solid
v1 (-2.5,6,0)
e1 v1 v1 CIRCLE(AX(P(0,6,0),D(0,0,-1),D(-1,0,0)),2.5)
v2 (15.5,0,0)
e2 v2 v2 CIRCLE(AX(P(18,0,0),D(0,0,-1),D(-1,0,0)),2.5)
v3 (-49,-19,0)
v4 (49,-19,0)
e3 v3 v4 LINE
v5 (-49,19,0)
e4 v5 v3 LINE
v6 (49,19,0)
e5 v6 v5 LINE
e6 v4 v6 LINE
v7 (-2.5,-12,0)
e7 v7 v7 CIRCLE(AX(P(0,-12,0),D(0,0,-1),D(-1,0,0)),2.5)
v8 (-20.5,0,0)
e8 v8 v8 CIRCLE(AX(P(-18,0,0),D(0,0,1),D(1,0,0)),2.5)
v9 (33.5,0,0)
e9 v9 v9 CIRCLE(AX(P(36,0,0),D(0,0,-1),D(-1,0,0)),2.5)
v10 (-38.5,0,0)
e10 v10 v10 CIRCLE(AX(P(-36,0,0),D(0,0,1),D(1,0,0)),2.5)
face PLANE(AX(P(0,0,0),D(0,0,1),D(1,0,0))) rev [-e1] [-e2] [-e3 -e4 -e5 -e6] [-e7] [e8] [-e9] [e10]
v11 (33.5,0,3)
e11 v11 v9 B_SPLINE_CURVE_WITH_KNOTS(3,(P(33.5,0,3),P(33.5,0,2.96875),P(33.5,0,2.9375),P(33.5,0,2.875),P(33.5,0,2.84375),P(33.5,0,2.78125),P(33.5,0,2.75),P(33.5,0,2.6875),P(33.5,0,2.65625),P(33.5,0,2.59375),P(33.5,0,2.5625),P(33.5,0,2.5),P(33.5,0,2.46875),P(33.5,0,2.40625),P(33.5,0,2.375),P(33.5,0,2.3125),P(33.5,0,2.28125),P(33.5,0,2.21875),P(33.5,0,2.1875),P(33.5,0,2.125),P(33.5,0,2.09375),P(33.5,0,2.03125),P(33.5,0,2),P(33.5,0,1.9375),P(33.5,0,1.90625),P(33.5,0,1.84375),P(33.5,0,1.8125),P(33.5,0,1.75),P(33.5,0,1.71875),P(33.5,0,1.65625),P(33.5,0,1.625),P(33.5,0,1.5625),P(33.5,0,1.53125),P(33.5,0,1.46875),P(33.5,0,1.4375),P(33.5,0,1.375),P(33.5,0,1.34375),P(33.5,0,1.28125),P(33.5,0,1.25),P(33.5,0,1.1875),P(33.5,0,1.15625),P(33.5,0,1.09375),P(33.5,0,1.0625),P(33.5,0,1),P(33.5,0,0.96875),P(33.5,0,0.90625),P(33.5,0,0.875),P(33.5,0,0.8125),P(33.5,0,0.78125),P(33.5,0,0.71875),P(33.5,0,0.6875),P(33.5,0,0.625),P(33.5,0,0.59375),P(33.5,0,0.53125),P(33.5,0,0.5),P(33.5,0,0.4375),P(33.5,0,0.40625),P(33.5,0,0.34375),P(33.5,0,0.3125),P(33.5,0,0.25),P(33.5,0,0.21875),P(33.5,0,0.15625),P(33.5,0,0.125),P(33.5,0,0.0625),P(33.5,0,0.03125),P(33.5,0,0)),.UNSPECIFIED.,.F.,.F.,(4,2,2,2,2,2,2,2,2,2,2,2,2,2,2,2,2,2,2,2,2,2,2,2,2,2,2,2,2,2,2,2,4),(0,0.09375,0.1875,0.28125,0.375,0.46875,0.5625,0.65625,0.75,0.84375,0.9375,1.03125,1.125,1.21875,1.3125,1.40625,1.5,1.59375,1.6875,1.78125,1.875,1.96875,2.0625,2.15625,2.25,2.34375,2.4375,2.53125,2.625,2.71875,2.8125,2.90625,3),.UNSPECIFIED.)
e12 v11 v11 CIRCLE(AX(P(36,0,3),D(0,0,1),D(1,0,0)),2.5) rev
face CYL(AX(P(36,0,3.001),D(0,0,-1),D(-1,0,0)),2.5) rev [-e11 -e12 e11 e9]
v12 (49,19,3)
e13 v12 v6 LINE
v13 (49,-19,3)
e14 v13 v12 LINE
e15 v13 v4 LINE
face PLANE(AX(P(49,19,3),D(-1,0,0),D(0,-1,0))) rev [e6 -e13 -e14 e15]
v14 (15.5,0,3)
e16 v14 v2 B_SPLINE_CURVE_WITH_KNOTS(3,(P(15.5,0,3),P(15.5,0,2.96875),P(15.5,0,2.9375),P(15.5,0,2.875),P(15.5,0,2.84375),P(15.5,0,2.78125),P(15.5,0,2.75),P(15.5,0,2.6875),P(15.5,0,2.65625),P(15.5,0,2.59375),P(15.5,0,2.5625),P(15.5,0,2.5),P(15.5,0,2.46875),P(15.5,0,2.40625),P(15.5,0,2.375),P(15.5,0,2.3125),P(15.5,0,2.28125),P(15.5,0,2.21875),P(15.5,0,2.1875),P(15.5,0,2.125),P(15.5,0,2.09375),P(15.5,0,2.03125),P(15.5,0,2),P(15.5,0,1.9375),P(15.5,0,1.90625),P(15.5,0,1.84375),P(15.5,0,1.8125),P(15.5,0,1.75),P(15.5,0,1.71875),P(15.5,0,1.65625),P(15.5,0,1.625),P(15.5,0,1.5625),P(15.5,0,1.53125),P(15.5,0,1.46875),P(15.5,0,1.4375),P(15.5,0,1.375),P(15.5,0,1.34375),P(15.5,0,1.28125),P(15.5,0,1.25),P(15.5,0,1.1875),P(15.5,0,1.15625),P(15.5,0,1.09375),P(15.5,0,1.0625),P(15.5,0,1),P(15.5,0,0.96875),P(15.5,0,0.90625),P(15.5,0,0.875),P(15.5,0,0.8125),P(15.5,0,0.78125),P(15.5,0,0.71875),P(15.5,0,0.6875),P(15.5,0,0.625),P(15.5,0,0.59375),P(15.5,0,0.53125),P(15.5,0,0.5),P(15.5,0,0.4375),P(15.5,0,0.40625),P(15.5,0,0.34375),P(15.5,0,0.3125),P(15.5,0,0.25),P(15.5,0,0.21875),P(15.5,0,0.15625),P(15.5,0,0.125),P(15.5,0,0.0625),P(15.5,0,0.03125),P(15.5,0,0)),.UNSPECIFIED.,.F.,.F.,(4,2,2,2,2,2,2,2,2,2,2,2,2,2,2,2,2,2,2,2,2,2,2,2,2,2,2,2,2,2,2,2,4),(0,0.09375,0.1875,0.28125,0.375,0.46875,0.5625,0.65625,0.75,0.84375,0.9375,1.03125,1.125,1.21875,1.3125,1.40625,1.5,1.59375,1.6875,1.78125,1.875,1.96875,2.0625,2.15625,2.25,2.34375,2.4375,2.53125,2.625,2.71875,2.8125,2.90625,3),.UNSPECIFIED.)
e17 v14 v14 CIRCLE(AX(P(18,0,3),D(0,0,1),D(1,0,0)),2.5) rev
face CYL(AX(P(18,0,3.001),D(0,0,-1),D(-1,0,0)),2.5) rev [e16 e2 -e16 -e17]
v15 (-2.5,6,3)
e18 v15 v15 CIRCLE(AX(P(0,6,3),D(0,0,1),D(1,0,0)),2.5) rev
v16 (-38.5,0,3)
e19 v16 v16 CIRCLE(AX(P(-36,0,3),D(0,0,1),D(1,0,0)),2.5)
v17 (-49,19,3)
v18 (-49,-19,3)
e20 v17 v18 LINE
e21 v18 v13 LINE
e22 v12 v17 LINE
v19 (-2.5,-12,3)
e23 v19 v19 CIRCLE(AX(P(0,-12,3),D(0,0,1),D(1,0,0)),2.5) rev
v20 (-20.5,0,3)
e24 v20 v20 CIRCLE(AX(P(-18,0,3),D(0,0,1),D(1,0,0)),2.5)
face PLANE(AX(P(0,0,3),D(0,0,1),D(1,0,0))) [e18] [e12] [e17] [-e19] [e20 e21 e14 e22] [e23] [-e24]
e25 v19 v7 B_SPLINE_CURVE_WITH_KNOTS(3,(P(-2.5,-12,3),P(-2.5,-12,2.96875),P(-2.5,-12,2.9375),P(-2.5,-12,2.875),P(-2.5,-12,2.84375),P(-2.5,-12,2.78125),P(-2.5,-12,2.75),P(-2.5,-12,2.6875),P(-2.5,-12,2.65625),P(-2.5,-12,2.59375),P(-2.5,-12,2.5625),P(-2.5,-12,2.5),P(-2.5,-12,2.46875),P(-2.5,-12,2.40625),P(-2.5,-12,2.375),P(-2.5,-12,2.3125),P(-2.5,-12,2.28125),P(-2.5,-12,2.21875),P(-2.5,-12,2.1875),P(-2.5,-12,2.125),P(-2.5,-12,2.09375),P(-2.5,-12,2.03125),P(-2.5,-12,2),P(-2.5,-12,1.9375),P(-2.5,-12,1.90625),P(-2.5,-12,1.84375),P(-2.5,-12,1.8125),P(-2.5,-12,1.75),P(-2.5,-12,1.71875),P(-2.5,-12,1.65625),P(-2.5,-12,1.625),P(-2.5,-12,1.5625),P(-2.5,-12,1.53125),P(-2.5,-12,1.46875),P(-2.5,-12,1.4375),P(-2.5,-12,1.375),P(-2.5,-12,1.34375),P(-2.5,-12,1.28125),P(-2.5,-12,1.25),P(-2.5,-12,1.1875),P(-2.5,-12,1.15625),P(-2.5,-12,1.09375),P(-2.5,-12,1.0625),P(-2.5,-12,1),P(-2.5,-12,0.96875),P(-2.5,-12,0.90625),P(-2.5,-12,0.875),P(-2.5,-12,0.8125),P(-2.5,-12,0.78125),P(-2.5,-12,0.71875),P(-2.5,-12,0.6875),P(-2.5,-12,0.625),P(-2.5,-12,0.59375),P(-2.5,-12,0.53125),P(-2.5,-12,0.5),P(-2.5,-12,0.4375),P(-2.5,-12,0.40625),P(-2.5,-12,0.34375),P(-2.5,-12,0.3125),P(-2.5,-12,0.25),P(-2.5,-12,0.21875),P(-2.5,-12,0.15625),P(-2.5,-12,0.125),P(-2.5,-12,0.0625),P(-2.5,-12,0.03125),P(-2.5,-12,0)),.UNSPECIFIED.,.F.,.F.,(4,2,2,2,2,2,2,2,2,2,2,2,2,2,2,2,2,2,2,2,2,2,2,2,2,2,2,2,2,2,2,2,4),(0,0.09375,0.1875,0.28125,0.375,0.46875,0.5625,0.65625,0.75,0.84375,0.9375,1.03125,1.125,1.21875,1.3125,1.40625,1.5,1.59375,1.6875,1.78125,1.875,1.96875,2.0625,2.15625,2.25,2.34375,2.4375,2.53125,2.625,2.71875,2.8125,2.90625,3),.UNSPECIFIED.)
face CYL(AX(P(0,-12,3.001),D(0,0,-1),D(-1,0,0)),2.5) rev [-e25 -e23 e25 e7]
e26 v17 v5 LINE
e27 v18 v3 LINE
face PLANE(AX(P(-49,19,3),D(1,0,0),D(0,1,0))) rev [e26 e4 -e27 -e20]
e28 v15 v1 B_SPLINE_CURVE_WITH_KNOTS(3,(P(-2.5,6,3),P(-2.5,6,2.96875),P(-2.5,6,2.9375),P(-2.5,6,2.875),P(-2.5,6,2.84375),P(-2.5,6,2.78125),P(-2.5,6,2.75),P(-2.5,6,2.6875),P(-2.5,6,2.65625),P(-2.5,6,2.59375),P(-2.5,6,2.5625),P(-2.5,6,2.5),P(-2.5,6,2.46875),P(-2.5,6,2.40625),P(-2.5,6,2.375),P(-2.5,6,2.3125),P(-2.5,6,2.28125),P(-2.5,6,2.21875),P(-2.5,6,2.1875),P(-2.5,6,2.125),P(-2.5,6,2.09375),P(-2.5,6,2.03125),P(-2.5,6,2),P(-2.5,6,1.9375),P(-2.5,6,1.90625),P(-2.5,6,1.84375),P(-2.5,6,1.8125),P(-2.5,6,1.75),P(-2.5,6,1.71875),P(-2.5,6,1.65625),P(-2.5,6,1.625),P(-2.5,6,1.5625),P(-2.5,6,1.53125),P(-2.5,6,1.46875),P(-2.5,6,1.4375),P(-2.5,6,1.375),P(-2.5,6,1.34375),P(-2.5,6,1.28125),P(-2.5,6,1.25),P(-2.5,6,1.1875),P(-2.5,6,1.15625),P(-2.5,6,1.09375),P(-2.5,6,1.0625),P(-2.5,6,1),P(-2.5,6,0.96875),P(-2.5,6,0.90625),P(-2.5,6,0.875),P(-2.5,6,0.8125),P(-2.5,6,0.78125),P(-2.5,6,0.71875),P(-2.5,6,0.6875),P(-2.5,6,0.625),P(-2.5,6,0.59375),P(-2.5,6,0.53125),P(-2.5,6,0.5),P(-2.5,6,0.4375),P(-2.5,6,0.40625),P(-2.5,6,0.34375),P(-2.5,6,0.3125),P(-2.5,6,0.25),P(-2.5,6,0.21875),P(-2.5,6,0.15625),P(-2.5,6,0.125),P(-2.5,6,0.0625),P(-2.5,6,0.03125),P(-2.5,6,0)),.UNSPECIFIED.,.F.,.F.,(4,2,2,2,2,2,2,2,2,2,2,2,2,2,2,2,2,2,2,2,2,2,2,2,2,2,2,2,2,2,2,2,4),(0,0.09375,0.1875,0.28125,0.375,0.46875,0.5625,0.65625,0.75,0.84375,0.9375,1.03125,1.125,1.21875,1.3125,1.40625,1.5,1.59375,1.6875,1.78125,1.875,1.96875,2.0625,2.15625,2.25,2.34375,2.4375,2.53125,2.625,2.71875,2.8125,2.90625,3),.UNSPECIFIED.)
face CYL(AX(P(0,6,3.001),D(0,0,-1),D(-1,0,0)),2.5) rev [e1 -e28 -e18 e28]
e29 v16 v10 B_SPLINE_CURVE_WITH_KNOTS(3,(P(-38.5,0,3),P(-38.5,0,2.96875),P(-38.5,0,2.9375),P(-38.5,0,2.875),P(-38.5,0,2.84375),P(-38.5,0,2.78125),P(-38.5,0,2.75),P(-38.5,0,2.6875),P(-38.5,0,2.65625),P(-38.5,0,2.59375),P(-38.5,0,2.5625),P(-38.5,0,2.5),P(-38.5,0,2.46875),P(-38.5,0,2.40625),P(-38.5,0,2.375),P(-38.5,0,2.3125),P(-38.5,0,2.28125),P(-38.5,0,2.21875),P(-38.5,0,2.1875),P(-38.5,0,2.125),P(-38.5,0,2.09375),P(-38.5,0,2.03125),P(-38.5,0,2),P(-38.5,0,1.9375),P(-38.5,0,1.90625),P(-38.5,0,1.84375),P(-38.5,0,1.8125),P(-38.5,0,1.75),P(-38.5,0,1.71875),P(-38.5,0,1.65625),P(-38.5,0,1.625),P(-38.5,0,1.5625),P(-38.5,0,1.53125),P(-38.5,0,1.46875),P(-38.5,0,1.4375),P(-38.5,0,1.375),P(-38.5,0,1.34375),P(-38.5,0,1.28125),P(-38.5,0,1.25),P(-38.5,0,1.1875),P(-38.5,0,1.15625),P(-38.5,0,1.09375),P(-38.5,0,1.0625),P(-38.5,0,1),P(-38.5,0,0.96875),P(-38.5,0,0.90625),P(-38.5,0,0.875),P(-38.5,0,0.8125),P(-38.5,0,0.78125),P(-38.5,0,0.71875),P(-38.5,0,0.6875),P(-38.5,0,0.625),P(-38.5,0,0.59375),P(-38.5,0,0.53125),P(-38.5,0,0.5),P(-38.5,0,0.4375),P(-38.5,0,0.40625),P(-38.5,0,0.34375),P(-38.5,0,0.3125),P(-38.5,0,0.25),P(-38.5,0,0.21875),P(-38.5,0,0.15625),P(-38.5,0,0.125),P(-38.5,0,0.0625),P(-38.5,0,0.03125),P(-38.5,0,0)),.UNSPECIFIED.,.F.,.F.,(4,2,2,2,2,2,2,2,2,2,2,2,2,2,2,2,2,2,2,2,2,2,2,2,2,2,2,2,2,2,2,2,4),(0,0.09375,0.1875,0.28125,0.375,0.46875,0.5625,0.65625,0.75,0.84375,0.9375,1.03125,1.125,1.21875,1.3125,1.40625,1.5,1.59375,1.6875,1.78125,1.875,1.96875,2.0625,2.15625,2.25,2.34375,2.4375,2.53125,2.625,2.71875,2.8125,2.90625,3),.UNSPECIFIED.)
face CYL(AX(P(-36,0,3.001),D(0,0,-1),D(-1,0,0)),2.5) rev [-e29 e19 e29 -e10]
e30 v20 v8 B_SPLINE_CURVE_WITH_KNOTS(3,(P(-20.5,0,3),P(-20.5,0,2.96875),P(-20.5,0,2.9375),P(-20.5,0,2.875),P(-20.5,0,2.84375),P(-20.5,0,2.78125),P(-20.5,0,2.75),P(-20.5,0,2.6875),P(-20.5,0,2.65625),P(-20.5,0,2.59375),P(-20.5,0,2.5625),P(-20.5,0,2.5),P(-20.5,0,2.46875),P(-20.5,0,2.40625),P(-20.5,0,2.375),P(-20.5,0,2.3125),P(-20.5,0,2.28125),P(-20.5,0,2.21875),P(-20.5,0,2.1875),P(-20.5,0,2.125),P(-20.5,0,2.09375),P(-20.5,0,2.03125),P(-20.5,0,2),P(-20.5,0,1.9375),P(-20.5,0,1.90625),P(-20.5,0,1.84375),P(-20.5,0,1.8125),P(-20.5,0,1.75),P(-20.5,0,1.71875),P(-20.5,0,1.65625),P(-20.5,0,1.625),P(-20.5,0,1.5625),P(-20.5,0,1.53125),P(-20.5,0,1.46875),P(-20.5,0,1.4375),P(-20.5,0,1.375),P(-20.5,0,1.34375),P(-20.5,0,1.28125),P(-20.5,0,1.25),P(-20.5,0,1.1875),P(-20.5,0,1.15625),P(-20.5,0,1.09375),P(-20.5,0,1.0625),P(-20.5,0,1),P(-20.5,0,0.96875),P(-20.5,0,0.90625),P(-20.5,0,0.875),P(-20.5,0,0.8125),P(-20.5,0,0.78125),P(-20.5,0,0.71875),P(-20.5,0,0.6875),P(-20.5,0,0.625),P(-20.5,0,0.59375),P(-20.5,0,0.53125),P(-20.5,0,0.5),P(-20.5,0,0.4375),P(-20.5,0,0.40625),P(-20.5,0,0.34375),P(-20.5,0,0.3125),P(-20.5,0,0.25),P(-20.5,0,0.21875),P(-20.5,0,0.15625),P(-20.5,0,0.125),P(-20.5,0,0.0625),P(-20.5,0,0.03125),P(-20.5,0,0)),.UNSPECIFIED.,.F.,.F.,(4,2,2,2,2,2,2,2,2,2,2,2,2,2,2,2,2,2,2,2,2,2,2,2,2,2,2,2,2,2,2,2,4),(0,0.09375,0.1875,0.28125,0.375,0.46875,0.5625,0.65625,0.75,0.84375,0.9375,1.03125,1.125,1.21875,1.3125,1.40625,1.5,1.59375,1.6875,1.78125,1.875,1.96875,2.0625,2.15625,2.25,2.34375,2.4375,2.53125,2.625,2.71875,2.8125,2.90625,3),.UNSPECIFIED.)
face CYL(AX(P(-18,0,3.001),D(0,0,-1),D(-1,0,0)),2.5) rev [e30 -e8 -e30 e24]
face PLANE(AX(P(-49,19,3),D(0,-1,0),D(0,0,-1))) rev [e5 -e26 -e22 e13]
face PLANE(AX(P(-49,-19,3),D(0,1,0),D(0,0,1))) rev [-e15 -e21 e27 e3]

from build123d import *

# Parameters (mm, degrees)
SKETCH_1_W          = 98
SKETCH_1_H          = 38
EXTRUDE_1_DEPTH     = 3
CUT_EXTRUDE_1_REACH = 54.64
SKETCH_2_R          = 2.5
CUT_EXTRUDE_2_REACH = 54.64
SKETCH_3_R          = 2.5


with BuildPart() as part:
    # 草圖1 → 填料-伸長1 (new body)
    with BuildSketch(Plane.XY):
        Rectangle(SKETCH_1_W, SKETCH_1_H)
    extrude(amount=EXTRUDE_1_DEPTH)

    # 草圖2 → 除料-伸長1 (cut, up to next)
    with BuildSketch(Plane(origin=(0, 0, 0), x_dir=(-1, 0, 0), z_dir=(0, 0, -1)), mode=Mode.PRIVATE) as cut_extrude_1_sk1:
        with Locations((-36, 0)):
            Circle(SKETCH_2_R)
    cut_extrude_1_tool1 = extrude(cut_extrude_1_sk1.sketch, amount=-CUT_EXTRUDE_1_REACH, mode=Mode.PRIVATE) & part.part
    # 草圖2 → 除料-伸長1 (cut, up to next)
    with BuildSketch(Plane(origin=(0, 0, 0), x_dir=(-1, 0, 0), z_dir=(0, 0, -1)), mode=Mode.PRIVATE) as cut_extrude_1_sk2:
        with Locations((-18, 0)):
            Circle(SKETCH_2_R)
    cut_extrude_1_tool2 = extrude(cut_extrude_1_sk2.sketch, amount=-CUT_EXTRUDE_1_REACH, mode=Mode.PRIVATE) & part.part
    cut_extrude_1_1 = cut_extrude_1_tool1.solids().sort_by_distance((36, 0, 0))[0]
    add(cut_extrude_1_1, mode=Mode.SUBTRACT)
    cut_extrude_1_2 = cut_extrude_1_tool2.solids().sort_by_distance((18, 0, 0))[0]
    add(cut_extrude_1_2, mode=Mode.SUBTRACT)
    cut_extrude_1 = cut_extrude_1_1 + cut_extrude_1_2  # 除料-伸長1 as one shape, for the pattern or mirror that repeats it

    # 鏡射1: 除料-伸長1 across plane
    add(cut_extrude_1.mirror(Plane(origin=(0, 0, 0), x_dir=(0, 0, 1), z_dir=(1, 0, 0))), mode=Mode.SUBTRACT)

    # 草圖3 → 除料-伸長2 (cut, up to next)
    with BuildSketch(Plane(origin=(0, 0, 0), x_dir=(-1, 0, 0), z_dir=(0, 0, -1)), mode=Mode.PRIVATE) as cut_extrude_2_sk1:
        with Locations((0, -12)):
            Circle(SKETCH_3_R)
    cut_extrude_2_tool1 = extrude(cut_extrude_2_sk1.sketch, amount=-CUT_EXTRUDE_2_REACH, mode=Mode.PRIVATE) & part.part
    # 草圖3 → 除料-伸長2 (cut, up to next)
    with BuildSketch(Plane(origin=(0, 0, 0), x_dir=(-1, 0, 0), z_dir=(0, 0, -1)), mode=Mode.PRIVATE) as cut_extrude_2_sk2:
        with Locations((0, 6)):
            Circle(SKETCH_3_R)
    cut_extrude_2_tool2 = extrude(cut_extrude_2_sk2.sketch, amount=-CUT_EXTRUDE_2_REACH, mode=Mode.PRIVATE) & part.part
    add(cut_extrude_2_tool1.solids().sort_by_distance((0, -12, 0))[0], mode=Mode.SUBTRACT)
    add(cut_extrude_2_tool2.solids().sort_by_distance((0, 6, 0))[0], mode=Mode.SUBTRACT)


solid = part.part
